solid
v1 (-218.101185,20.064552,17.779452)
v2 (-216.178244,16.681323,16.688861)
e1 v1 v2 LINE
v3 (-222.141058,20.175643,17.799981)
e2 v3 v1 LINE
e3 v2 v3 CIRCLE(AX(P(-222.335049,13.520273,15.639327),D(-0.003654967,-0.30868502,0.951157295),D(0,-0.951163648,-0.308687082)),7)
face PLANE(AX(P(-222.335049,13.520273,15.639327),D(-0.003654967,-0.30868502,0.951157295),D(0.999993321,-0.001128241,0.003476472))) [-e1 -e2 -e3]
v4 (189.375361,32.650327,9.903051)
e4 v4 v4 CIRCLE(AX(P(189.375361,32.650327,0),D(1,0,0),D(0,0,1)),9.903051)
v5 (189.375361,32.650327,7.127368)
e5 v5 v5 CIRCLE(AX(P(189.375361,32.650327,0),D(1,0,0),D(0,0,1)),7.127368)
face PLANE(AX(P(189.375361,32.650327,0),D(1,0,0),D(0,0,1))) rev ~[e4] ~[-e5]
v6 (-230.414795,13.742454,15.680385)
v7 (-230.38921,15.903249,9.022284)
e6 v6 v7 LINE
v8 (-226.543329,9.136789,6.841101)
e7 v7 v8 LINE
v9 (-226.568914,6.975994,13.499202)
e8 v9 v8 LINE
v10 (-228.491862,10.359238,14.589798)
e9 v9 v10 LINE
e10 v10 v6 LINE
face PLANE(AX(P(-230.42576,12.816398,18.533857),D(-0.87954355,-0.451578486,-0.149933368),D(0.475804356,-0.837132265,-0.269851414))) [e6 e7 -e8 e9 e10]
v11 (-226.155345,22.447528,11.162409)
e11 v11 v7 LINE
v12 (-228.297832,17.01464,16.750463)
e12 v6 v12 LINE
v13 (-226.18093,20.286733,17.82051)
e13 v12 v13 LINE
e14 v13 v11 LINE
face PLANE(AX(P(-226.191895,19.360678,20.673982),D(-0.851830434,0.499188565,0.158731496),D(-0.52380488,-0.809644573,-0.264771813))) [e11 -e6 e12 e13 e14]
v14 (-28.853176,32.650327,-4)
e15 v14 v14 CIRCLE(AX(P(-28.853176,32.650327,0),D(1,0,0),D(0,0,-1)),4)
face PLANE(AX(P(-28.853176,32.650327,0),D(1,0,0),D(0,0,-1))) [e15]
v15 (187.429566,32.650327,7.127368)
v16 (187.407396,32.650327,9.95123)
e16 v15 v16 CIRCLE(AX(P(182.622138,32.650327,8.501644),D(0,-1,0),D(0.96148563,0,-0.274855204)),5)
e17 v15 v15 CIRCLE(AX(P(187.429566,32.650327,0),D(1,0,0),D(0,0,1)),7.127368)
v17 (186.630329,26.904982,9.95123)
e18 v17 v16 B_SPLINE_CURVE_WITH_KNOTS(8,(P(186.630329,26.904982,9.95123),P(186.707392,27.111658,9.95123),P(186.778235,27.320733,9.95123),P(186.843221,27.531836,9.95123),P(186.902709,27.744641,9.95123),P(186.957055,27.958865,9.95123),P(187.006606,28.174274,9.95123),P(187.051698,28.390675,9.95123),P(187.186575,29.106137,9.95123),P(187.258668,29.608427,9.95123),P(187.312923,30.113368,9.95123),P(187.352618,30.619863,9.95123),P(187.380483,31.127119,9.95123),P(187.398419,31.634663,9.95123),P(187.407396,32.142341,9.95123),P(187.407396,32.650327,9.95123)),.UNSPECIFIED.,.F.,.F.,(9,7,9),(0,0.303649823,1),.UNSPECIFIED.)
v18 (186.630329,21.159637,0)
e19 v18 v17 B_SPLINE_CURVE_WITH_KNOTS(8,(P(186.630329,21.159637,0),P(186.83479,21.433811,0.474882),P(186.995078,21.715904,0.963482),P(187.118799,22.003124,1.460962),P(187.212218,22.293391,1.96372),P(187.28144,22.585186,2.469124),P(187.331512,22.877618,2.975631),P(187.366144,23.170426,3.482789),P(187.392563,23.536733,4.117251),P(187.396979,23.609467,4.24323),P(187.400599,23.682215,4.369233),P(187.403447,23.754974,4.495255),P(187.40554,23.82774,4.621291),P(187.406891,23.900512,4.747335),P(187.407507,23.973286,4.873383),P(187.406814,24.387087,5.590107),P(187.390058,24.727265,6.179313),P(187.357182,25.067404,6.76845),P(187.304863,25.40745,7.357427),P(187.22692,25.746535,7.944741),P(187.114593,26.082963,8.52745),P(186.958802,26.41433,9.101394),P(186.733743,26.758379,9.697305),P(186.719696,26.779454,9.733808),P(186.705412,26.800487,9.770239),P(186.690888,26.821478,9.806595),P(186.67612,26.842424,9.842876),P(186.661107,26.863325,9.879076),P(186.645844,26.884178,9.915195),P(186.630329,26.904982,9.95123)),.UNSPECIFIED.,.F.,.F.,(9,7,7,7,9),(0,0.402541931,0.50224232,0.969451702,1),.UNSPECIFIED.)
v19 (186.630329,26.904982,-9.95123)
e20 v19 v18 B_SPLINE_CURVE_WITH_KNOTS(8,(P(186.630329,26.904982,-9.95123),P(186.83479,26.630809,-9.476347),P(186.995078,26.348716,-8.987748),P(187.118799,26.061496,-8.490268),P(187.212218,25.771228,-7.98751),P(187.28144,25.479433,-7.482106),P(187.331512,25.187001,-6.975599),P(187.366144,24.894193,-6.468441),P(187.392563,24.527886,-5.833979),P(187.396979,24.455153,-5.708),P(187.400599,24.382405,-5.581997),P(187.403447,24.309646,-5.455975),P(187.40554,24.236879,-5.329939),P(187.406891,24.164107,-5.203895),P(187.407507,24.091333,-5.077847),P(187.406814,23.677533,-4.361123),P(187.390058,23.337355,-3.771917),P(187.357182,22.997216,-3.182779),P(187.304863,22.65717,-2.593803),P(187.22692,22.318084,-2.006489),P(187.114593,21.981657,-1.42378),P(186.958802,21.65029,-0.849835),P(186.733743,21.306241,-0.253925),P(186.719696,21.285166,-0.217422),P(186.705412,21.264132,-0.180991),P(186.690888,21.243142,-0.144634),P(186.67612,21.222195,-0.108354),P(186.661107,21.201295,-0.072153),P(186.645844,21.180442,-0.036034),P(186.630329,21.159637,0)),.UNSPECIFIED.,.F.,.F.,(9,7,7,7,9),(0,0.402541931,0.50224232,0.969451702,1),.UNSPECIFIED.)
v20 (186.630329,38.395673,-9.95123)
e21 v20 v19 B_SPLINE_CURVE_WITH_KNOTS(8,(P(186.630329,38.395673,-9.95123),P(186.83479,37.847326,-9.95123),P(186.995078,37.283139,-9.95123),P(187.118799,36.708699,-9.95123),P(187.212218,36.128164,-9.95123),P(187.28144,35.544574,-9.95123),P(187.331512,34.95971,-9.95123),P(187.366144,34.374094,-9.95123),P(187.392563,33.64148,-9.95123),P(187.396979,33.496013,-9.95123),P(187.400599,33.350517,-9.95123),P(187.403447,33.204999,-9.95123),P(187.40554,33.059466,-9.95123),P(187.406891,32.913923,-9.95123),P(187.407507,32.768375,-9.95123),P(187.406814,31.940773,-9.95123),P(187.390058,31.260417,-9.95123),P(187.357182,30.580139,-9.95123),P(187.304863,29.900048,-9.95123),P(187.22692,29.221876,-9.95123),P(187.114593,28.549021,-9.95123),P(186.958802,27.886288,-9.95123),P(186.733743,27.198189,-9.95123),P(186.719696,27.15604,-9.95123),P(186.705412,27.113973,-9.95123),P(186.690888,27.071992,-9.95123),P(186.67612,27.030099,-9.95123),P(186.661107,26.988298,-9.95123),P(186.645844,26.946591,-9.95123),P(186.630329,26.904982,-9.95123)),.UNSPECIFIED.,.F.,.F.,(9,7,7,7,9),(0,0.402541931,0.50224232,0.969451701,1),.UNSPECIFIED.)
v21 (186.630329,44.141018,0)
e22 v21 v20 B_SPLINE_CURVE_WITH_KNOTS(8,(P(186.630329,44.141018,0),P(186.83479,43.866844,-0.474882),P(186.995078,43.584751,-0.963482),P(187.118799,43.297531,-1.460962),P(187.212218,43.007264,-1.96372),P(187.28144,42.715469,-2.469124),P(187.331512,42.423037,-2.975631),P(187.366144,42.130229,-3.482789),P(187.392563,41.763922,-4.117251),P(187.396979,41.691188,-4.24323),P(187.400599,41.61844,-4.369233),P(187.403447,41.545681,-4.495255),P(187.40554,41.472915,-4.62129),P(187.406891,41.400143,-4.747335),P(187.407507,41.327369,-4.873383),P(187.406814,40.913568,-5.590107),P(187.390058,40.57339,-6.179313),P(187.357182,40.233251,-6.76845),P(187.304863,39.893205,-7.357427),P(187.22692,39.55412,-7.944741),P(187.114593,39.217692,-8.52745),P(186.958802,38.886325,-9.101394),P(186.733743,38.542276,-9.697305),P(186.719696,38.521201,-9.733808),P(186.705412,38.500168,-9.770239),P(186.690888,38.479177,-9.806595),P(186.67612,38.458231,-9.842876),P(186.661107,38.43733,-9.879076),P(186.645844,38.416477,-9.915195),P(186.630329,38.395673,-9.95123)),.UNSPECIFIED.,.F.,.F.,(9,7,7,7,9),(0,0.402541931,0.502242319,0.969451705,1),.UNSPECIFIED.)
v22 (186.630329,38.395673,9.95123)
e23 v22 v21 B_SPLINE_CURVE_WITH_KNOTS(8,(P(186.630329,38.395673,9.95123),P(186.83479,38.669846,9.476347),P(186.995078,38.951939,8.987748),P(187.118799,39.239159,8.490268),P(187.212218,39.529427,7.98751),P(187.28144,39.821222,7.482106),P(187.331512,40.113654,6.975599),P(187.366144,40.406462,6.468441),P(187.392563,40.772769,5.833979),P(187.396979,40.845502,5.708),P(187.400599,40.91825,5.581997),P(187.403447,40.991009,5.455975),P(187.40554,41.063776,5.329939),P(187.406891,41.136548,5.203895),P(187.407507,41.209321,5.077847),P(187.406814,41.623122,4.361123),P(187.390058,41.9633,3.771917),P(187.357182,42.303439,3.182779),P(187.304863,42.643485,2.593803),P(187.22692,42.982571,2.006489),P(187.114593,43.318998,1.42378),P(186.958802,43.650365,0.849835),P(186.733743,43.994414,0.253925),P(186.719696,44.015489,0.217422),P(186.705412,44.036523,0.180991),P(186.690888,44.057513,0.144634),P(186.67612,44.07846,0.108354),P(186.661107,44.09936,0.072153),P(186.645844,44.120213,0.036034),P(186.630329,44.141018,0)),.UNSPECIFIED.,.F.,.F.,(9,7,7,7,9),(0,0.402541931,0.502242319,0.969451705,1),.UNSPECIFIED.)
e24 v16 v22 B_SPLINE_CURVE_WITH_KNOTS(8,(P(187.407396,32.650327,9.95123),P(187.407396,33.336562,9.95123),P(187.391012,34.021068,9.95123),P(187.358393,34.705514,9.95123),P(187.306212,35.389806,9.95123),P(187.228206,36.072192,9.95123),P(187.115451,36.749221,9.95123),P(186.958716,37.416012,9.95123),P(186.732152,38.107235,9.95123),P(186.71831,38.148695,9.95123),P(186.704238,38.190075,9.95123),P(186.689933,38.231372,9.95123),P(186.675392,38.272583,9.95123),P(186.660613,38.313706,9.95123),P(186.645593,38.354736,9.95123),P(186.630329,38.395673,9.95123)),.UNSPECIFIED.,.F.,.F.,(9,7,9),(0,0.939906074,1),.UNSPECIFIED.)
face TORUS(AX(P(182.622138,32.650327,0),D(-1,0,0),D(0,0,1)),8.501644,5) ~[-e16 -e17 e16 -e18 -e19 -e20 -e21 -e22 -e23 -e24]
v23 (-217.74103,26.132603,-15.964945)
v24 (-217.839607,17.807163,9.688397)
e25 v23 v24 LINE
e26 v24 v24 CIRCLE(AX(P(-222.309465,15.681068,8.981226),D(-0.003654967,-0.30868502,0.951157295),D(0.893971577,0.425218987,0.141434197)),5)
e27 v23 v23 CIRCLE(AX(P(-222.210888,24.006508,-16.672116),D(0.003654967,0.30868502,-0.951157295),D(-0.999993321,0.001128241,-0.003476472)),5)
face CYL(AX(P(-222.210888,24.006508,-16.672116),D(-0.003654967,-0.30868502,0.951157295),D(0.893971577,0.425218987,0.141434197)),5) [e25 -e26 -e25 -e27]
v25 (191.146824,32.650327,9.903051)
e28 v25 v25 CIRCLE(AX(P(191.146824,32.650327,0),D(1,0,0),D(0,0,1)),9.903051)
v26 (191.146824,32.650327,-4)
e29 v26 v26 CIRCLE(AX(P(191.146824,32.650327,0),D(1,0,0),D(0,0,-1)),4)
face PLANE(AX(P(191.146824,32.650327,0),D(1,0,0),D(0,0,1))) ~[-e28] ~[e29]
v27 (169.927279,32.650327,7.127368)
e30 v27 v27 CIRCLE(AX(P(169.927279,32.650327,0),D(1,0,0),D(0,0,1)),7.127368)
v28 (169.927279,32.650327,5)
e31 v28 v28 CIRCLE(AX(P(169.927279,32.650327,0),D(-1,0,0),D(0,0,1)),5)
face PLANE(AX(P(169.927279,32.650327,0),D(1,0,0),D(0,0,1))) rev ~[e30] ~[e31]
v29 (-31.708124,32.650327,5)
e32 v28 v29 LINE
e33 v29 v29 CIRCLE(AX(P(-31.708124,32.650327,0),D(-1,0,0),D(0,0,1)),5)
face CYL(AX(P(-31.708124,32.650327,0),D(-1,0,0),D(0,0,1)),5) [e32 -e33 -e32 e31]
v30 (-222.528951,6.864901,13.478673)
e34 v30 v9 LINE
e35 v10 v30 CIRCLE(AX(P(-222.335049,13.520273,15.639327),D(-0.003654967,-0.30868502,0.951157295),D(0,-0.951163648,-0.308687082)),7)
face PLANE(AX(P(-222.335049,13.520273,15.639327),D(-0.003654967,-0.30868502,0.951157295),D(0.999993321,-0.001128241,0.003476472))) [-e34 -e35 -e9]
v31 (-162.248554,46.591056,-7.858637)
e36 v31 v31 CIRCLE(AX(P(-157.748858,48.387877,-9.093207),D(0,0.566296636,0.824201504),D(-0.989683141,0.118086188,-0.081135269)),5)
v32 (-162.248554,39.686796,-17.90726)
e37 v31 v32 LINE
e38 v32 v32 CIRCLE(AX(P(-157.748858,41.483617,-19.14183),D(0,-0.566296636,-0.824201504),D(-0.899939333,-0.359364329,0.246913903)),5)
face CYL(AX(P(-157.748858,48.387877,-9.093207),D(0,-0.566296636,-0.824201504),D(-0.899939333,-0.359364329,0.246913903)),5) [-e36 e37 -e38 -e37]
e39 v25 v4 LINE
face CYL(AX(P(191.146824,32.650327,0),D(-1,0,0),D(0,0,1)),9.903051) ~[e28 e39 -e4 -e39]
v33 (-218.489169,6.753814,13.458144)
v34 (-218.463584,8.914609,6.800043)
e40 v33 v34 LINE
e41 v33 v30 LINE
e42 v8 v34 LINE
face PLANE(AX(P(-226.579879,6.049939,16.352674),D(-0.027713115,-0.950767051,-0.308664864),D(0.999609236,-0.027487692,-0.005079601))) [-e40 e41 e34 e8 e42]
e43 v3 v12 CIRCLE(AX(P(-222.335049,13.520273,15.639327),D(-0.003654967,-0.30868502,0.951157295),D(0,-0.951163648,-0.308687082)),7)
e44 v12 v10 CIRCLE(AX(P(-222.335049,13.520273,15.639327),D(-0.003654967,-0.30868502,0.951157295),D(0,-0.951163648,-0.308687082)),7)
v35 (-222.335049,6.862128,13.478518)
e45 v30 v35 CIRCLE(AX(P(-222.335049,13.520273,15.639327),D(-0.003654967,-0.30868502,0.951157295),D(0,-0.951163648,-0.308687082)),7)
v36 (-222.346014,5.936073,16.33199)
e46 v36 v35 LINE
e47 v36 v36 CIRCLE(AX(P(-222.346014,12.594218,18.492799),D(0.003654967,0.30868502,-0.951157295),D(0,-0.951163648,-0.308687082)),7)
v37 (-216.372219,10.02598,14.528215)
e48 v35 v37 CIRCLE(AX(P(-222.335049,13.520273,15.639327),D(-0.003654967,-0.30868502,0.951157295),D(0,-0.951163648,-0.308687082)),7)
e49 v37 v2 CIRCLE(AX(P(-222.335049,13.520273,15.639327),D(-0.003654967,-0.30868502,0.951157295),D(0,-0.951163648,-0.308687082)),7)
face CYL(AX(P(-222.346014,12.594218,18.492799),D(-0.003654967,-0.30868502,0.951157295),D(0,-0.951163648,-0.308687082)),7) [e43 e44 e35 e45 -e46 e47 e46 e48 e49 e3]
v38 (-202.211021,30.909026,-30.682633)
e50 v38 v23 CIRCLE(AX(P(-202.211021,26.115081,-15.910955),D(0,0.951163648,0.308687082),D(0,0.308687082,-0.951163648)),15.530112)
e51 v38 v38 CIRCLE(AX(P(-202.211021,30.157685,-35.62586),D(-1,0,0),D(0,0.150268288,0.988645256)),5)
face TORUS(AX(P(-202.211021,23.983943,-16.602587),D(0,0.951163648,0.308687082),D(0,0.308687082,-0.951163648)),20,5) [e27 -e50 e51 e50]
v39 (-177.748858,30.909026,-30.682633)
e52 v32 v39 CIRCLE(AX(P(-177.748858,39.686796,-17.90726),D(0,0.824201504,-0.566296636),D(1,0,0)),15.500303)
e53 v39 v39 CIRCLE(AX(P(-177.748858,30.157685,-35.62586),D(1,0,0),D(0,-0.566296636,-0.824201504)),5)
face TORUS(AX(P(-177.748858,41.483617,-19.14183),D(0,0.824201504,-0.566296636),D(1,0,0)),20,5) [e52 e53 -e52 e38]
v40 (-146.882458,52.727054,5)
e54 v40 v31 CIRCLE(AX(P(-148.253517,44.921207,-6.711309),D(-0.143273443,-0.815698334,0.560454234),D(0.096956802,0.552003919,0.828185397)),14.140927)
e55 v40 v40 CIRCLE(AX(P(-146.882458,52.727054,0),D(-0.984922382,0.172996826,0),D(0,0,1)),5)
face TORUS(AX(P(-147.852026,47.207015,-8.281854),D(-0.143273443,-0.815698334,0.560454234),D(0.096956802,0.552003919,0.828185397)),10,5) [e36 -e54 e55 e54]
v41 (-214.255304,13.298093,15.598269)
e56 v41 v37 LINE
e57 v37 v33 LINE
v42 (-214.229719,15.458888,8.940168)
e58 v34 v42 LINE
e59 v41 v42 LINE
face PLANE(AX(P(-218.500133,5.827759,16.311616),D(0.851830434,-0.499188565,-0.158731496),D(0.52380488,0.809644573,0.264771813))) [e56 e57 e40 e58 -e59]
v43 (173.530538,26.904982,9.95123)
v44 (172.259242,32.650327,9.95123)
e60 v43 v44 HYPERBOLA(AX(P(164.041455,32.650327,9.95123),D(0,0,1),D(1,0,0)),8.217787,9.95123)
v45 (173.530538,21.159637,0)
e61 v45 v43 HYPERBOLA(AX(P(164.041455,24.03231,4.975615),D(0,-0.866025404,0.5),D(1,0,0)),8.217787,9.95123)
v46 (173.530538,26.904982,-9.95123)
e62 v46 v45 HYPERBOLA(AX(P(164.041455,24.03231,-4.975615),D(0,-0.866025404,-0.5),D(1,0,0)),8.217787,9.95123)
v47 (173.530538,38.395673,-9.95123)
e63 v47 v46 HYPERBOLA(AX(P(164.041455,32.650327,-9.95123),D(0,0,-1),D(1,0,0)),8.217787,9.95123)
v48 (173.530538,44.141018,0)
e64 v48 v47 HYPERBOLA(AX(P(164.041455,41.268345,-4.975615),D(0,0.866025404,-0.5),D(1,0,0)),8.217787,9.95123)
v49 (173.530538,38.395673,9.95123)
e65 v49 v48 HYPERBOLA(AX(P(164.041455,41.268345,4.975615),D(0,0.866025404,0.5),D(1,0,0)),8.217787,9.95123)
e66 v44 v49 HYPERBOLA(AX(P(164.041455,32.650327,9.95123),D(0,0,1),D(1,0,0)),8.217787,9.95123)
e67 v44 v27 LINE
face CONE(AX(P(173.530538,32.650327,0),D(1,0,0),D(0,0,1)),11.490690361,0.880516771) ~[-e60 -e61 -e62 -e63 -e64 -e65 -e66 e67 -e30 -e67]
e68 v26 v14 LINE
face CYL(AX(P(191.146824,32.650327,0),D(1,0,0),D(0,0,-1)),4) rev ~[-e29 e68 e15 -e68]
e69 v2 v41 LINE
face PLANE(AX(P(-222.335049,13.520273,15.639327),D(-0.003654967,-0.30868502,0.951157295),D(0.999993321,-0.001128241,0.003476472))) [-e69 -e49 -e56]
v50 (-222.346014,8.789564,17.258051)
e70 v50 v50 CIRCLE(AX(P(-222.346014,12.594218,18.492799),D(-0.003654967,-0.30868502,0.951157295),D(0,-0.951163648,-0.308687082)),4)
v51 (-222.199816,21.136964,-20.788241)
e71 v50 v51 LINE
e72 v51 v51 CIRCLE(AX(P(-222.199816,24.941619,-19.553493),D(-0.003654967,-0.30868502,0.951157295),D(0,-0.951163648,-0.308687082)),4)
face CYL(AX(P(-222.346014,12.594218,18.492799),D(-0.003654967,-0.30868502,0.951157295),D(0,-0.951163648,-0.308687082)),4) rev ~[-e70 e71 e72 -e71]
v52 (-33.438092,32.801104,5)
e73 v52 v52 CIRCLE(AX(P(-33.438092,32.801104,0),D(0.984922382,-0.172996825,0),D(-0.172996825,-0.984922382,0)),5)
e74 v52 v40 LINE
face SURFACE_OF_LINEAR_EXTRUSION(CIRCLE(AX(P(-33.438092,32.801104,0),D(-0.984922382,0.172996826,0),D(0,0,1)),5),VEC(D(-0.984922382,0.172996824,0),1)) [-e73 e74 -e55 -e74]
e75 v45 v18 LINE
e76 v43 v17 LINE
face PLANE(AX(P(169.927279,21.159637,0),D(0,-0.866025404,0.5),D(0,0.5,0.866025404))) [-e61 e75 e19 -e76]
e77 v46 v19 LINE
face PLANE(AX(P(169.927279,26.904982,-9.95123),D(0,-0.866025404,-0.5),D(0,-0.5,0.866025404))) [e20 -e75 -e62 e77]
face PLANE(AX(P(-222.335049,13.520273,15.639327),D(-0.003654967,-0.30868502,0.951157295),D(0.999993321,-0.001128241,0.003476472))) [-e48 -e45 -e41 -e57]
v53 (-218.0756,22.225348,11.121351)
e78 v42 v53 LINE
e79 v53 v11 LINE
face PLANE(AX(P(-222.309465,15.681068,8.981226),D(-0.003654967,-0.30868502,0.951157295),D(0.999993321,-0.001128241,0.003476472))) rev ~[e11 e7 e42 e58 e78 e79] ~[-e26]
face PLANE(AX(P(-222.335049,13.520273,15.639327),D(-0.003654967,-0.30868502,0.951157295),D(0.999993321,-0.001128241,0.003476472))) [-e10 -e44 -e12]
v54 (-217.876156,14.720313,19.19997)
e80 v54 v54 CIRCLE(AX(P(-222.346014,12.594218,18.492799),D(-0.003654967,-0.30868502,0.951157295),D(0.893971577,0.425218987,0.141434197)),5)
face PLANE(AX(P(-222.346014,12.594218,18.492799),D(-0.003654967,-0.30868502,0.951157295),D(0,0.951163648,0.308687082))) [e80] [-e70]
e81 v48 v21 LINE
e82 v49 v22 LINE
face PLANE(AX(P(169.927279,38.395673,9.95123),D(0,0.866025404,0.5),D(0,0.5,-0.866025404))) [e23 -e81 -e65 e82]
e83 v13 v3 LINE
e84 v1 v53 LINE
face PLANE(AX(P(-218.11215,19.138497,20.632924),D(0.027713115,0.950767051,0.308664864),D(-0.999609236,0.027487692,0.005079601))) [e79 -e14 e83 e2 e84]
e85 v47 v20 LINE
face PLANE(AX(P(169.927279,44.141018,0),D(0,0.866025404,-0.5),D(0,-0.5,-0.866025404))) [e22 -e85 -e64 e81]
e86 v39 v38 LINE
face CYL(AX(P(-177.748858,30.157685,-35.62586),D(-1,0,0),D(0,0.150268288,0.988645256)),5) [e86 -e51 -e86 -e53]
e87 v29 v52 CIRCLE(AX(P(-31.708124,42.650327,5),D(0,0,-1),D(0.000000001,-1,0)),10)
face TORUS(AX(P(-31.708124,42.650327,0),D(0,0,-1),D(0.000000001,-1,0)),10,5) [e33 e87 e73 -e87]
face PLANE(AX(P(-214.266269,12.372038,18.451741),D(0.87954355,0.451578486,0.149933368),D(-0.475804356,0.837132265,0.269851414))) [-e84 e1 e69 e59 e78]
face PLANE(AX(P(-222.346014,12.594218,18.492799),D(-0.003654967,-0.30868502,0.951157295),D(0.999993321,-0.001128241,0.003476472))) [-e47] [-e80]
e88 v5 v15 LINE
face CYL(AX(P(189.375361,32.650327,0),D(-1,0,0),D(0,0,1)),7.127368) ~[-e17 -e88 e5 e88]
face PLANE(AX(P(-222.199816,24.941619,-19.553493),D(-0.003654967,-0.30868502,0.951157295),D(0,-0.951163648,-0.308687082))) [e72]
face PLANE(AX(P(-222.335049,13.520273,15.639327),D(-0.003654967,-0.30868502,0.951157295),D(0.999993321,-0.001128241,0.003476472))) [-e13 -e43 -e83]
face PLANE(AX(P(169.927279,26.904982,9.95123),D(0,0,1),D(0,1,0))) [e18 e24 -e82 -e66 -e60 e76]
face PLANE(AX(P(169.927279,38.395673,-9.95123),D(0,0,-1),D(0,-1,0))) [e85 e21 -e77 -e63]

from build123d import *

# Parameters (mm, degrees)
SKETCH2_R             = 14.49115295
CUT_EXTRUDE1_DEPTH    = 51.306406252
SKETCH3_R             = 5
EXTRUDE1_DEPTH        = 10
SKETCH5_R             = 9.901602584
SKETCH5_R_2           = 7
CUT_EXTRUDE2_DEPTH    = 3
IZIM2_R               = 4
KES_EKSTR_ZYON1_DEPTH = 220
IZIM3_R               = 4
KES_EKSTR_ZYON2_DEPTH = 40


with BuildPart() as part:
    # Sketch1 → Revolve1 (revolve)
    with BuildSketch(Plane.XY, mode=Mode.PRIVATE) as revolve1_sk:
        with BuildLine():
            Line((180.080433705, 44.141017842), (173.530538009, 44.141017842))
            ThreePointArc((173.530538009, 44.141017842), (172.538729892, 41.151971535), (173.530538009, 38.162925228))
            Line((173.530538009, 38.162925228), (180.080433705, 38.162925228))
            Line((180.080433705, 38.162925228), (180.080433705, 44.141017842))
        make_face()
        with BuildLine():
            Line((186.630329401, 44.141017842), (180.080433705, 44.141017842))
            Line((180.080433705, 44.141017842), (180.080433705, 38.162925228))
            Line((180.080433705, 38.162925228), (186.630329401, 38.162925228))
            ThreePointArc((186.630329401, 38.162925228), (187.103282451, 38.934012994), (187.429565668, 39.777695512))
            ThreePointArc((187.429565668, 39.777695512), (187.540311425, 42.052840793), (186.630329401, 44.141017842))
        make_face()
        with BuildLine():
            Line((180.080433705, 38.162925228), (180.080433705, 32.650327481))
            Line((180.080433705, 32.650327481), (187.735613173, 32.650327481))
            ThreePointArc((187.735613173, 32.650327481), (187.427007794, 35.455556025), (186.630329401, 38.162925228))
            Line((186.630329401, 38.162925228), (180.080433705, 38.162925228))
        make_face()
        with BuildLine():
            ThreePointArc((173.530538009, 38.162925228), (172.733859616, 35.455556025), (172.425254237, 32.650327481))
            Line((172.425254237, 32.650327481), (180.080433705, 32.650327481))
            Line((180.080433705, 32.650327481), (180.080433705, 38.162925228))
            Line((180.080433705, 38.162925228), (173.530538009, 38.162925228))
        make_face()
        with BuildLine():
            Line((173.530538009, 44.141017842), (169.927279386, 39.777695512))
            Line((169.927279386, 39.777695512), (169.927279386, 32.650327481))
            Line((169.927279386, 32.650327481), (172.425254237, 32.650327481))
            ThreePointArc((172.425254237, 32.650327481), (172.733859616, 35.455556025), (173.530538009, 38.162925228))
            ThreePointArc((173.530538009, 38.162925228), (172.538729892, 41.151971535), (173.530538009, 44.141017842))
        make_face()
        with BuildLine():
            ThreePointArc((186.630329401, 38.162925228), (187.427007794, 35.455556025), (187.735613173, 32.650327481))
            Line((187.735613173, 32.650327481), (189.375361044, 32.650327481))
            Line((189.375361044, 32.650327481), (189.375361044, 39.777695512))
            Line((189.375361044, 39.777695512), (187.429565668, 39.777695512))
            ThreePointArc((187.429565668, 39.777695512), (187.103282451, 38.934012994), (186.630329401, 38.162925228))
        make_face()
        Polygon((189.375361044, 39.777695512), (189.375361044, 32.650327481), (191.146824361, 32.650327481), (191.146824361, 42.553378699), (189.375361044, 42.553378699), align=None)
    revolve(revolve1_sk.sketch.rotate(Axis((-32.579678715, 32.650327481, 0), (1, 0, 0)), 90), axis=Axis((-32.579678715, 32.650327481, 0), (1, 0, 0)))

    # Sketch2 → Cut-Extrude1 (cut, through all)
    with BuildSketch(Plane.ZY.offset(-169.927279386)):
        with Locations((0, 32.650327481)):
            Circle(SKETCH2_R)
        Polygon((0, 44.141017842), (-9.95122976, 38.395672661), (-9.95122976, 26.9049823), (0, 21.15963712), (9.95122976, 26.9049823), (9.95122976, 38.395672661), align=None, mode=Mode.SUBTRACT)
    extrude(amount=-CUT_EXTRUDE1_DEPTH, mode=Mode.SUBTRACT)

    # Sweep3: sweep along a curve in space
    with BuildLine() as sweep3_path:
        Line((-222.210887695, 24.006507797, -16.672116117), (-222.346014244, 12.594218126, 18.492799117))
        ThreePointArc((-202.211021283, 30.157684617, -35.625859644), (-216.32728873, 28.357408148, -30.07863194), (-222.210887695, 24.006507797, -16.672116117))
        Line((-177.748857503, 30.157684617, -35.625859644), (-202.211021283, 30.157684617, -35.625859644))
        ThreePointArc((-157.748857503, 41.483617341, -19.141829556), (-163.606721879, 33.474973508, -30.797799013), (-177.748857503, 30.157684617, -35.625859644))
        Line((-157.748857503, 48.387877179, -9.093206659), (-157.748857503, 41.483617341, -19.141829556))
        ThreePointArc((-146.882458064, 52.727054495, 0), (-154.498514664, 52.19594197, -2.719947791), (-157.748857503, 48.387877179, -9.093206659))
        Line((-33.438092351, 32.801103659, 0), (-146.882458064, 52.727054495, 0))
        ThreePointArc((-31.708124112, 32.650327481, 0), (-32.576387258, 32.688092836, 0), (-33.438092351, 32.801103659, 0))
        Line((-31.708124112, 32.650327481, 0), (169.927279386, 32.650327481, 0))
    # Sketch3 → Sweep3 (sweep)
    with BuildSketch(Plane.ZY.offset(-169.927279386)):
        with Locations((0, 32.650327481)):
            Circle(SKETCH3_R)
    sweep(path=sweep3_path.line)

    # Sketch4 → Extrude1 (add)
    with BuildSketch(Plane(origin=(-0.053050316, -4.480433927, 13.805650207), x_dir=(0.9999933205859823, -0.0011282410835596105, 0.0034764716996236633), z_dir=(-0.003654966952096285, -0.30868502023615024, 0.9511572948247765))):
        Polygon((-226.140355235, 24.796964016), (-230.374247953, 17.911654597), (-226.528341443, 10.802341238), (-218.448542214, 10.578337297), (-214.214649497, 17.463646715), (-218.060556007, 24.572960075), align=None)
    extrude(amount=-EXTRUDE1_DEPTH)

    # Sketch5 → Cut-Extrude2 (cut)
    with BuildSketch(Plane(origin=(-0.053050316, -4.480433927, 13.805650207), x_dir=(0.9999933205859823, -0.0011282410835596105, 0.0034764716996236633), z_dir=(-0.003654966952096285, -0.30868502023615024, 0.9511572948247765))):
        with Locations((-222.294448725, 17.687650656)):
            Circle(SKETCH5_R)
        with Locations(Location((-222.294448725, 17.687650656, 0), (0, 0, 270))):
            Circle(SKETCH5_R_2, mode=Mode.SUBTRACT)
    extrude(amount=-CUT_EXTRUDE2_DEPTH, mode=Mode.SUBTRACT)

    # Çizim2 → Kes-Ekstrüzyon1 (cut)
    with BuildSketch(Plane(origin=(191.146824361, 0, 0), x_dir=(0, 0, -1), z_dir=(1, 0, 0))):
        with Locations((0, 32.650327481)):
            Circle(IZIM2_R)
    extrude(amount=-KES_EKSTR_ZYON1_DEPTH, mode=Mode.SUBTRACT)

    # Çizim3 → Kes-Ekstrüzyon2 (cut)
    with BuildSketch(Plane(origin=(-0.053050316, -4.480433927, 13.805650207), x_dir=(0.9999933205859823, -0.0011282410835595914, 0.003476471699623597), z_dir=(-0.003654966952096216, -0.3086850202361507, 0.9511572948247764))):
        with Locations(Location((-222.294448725, 17.687650656, 0), (0, 0, 270))):
            Circle(IZIM3_R)
    extrude(amount=-KES_EKSTR_ZYON2_DEPTH, mode=Mode.SUBTRACT)


solid = part.part
